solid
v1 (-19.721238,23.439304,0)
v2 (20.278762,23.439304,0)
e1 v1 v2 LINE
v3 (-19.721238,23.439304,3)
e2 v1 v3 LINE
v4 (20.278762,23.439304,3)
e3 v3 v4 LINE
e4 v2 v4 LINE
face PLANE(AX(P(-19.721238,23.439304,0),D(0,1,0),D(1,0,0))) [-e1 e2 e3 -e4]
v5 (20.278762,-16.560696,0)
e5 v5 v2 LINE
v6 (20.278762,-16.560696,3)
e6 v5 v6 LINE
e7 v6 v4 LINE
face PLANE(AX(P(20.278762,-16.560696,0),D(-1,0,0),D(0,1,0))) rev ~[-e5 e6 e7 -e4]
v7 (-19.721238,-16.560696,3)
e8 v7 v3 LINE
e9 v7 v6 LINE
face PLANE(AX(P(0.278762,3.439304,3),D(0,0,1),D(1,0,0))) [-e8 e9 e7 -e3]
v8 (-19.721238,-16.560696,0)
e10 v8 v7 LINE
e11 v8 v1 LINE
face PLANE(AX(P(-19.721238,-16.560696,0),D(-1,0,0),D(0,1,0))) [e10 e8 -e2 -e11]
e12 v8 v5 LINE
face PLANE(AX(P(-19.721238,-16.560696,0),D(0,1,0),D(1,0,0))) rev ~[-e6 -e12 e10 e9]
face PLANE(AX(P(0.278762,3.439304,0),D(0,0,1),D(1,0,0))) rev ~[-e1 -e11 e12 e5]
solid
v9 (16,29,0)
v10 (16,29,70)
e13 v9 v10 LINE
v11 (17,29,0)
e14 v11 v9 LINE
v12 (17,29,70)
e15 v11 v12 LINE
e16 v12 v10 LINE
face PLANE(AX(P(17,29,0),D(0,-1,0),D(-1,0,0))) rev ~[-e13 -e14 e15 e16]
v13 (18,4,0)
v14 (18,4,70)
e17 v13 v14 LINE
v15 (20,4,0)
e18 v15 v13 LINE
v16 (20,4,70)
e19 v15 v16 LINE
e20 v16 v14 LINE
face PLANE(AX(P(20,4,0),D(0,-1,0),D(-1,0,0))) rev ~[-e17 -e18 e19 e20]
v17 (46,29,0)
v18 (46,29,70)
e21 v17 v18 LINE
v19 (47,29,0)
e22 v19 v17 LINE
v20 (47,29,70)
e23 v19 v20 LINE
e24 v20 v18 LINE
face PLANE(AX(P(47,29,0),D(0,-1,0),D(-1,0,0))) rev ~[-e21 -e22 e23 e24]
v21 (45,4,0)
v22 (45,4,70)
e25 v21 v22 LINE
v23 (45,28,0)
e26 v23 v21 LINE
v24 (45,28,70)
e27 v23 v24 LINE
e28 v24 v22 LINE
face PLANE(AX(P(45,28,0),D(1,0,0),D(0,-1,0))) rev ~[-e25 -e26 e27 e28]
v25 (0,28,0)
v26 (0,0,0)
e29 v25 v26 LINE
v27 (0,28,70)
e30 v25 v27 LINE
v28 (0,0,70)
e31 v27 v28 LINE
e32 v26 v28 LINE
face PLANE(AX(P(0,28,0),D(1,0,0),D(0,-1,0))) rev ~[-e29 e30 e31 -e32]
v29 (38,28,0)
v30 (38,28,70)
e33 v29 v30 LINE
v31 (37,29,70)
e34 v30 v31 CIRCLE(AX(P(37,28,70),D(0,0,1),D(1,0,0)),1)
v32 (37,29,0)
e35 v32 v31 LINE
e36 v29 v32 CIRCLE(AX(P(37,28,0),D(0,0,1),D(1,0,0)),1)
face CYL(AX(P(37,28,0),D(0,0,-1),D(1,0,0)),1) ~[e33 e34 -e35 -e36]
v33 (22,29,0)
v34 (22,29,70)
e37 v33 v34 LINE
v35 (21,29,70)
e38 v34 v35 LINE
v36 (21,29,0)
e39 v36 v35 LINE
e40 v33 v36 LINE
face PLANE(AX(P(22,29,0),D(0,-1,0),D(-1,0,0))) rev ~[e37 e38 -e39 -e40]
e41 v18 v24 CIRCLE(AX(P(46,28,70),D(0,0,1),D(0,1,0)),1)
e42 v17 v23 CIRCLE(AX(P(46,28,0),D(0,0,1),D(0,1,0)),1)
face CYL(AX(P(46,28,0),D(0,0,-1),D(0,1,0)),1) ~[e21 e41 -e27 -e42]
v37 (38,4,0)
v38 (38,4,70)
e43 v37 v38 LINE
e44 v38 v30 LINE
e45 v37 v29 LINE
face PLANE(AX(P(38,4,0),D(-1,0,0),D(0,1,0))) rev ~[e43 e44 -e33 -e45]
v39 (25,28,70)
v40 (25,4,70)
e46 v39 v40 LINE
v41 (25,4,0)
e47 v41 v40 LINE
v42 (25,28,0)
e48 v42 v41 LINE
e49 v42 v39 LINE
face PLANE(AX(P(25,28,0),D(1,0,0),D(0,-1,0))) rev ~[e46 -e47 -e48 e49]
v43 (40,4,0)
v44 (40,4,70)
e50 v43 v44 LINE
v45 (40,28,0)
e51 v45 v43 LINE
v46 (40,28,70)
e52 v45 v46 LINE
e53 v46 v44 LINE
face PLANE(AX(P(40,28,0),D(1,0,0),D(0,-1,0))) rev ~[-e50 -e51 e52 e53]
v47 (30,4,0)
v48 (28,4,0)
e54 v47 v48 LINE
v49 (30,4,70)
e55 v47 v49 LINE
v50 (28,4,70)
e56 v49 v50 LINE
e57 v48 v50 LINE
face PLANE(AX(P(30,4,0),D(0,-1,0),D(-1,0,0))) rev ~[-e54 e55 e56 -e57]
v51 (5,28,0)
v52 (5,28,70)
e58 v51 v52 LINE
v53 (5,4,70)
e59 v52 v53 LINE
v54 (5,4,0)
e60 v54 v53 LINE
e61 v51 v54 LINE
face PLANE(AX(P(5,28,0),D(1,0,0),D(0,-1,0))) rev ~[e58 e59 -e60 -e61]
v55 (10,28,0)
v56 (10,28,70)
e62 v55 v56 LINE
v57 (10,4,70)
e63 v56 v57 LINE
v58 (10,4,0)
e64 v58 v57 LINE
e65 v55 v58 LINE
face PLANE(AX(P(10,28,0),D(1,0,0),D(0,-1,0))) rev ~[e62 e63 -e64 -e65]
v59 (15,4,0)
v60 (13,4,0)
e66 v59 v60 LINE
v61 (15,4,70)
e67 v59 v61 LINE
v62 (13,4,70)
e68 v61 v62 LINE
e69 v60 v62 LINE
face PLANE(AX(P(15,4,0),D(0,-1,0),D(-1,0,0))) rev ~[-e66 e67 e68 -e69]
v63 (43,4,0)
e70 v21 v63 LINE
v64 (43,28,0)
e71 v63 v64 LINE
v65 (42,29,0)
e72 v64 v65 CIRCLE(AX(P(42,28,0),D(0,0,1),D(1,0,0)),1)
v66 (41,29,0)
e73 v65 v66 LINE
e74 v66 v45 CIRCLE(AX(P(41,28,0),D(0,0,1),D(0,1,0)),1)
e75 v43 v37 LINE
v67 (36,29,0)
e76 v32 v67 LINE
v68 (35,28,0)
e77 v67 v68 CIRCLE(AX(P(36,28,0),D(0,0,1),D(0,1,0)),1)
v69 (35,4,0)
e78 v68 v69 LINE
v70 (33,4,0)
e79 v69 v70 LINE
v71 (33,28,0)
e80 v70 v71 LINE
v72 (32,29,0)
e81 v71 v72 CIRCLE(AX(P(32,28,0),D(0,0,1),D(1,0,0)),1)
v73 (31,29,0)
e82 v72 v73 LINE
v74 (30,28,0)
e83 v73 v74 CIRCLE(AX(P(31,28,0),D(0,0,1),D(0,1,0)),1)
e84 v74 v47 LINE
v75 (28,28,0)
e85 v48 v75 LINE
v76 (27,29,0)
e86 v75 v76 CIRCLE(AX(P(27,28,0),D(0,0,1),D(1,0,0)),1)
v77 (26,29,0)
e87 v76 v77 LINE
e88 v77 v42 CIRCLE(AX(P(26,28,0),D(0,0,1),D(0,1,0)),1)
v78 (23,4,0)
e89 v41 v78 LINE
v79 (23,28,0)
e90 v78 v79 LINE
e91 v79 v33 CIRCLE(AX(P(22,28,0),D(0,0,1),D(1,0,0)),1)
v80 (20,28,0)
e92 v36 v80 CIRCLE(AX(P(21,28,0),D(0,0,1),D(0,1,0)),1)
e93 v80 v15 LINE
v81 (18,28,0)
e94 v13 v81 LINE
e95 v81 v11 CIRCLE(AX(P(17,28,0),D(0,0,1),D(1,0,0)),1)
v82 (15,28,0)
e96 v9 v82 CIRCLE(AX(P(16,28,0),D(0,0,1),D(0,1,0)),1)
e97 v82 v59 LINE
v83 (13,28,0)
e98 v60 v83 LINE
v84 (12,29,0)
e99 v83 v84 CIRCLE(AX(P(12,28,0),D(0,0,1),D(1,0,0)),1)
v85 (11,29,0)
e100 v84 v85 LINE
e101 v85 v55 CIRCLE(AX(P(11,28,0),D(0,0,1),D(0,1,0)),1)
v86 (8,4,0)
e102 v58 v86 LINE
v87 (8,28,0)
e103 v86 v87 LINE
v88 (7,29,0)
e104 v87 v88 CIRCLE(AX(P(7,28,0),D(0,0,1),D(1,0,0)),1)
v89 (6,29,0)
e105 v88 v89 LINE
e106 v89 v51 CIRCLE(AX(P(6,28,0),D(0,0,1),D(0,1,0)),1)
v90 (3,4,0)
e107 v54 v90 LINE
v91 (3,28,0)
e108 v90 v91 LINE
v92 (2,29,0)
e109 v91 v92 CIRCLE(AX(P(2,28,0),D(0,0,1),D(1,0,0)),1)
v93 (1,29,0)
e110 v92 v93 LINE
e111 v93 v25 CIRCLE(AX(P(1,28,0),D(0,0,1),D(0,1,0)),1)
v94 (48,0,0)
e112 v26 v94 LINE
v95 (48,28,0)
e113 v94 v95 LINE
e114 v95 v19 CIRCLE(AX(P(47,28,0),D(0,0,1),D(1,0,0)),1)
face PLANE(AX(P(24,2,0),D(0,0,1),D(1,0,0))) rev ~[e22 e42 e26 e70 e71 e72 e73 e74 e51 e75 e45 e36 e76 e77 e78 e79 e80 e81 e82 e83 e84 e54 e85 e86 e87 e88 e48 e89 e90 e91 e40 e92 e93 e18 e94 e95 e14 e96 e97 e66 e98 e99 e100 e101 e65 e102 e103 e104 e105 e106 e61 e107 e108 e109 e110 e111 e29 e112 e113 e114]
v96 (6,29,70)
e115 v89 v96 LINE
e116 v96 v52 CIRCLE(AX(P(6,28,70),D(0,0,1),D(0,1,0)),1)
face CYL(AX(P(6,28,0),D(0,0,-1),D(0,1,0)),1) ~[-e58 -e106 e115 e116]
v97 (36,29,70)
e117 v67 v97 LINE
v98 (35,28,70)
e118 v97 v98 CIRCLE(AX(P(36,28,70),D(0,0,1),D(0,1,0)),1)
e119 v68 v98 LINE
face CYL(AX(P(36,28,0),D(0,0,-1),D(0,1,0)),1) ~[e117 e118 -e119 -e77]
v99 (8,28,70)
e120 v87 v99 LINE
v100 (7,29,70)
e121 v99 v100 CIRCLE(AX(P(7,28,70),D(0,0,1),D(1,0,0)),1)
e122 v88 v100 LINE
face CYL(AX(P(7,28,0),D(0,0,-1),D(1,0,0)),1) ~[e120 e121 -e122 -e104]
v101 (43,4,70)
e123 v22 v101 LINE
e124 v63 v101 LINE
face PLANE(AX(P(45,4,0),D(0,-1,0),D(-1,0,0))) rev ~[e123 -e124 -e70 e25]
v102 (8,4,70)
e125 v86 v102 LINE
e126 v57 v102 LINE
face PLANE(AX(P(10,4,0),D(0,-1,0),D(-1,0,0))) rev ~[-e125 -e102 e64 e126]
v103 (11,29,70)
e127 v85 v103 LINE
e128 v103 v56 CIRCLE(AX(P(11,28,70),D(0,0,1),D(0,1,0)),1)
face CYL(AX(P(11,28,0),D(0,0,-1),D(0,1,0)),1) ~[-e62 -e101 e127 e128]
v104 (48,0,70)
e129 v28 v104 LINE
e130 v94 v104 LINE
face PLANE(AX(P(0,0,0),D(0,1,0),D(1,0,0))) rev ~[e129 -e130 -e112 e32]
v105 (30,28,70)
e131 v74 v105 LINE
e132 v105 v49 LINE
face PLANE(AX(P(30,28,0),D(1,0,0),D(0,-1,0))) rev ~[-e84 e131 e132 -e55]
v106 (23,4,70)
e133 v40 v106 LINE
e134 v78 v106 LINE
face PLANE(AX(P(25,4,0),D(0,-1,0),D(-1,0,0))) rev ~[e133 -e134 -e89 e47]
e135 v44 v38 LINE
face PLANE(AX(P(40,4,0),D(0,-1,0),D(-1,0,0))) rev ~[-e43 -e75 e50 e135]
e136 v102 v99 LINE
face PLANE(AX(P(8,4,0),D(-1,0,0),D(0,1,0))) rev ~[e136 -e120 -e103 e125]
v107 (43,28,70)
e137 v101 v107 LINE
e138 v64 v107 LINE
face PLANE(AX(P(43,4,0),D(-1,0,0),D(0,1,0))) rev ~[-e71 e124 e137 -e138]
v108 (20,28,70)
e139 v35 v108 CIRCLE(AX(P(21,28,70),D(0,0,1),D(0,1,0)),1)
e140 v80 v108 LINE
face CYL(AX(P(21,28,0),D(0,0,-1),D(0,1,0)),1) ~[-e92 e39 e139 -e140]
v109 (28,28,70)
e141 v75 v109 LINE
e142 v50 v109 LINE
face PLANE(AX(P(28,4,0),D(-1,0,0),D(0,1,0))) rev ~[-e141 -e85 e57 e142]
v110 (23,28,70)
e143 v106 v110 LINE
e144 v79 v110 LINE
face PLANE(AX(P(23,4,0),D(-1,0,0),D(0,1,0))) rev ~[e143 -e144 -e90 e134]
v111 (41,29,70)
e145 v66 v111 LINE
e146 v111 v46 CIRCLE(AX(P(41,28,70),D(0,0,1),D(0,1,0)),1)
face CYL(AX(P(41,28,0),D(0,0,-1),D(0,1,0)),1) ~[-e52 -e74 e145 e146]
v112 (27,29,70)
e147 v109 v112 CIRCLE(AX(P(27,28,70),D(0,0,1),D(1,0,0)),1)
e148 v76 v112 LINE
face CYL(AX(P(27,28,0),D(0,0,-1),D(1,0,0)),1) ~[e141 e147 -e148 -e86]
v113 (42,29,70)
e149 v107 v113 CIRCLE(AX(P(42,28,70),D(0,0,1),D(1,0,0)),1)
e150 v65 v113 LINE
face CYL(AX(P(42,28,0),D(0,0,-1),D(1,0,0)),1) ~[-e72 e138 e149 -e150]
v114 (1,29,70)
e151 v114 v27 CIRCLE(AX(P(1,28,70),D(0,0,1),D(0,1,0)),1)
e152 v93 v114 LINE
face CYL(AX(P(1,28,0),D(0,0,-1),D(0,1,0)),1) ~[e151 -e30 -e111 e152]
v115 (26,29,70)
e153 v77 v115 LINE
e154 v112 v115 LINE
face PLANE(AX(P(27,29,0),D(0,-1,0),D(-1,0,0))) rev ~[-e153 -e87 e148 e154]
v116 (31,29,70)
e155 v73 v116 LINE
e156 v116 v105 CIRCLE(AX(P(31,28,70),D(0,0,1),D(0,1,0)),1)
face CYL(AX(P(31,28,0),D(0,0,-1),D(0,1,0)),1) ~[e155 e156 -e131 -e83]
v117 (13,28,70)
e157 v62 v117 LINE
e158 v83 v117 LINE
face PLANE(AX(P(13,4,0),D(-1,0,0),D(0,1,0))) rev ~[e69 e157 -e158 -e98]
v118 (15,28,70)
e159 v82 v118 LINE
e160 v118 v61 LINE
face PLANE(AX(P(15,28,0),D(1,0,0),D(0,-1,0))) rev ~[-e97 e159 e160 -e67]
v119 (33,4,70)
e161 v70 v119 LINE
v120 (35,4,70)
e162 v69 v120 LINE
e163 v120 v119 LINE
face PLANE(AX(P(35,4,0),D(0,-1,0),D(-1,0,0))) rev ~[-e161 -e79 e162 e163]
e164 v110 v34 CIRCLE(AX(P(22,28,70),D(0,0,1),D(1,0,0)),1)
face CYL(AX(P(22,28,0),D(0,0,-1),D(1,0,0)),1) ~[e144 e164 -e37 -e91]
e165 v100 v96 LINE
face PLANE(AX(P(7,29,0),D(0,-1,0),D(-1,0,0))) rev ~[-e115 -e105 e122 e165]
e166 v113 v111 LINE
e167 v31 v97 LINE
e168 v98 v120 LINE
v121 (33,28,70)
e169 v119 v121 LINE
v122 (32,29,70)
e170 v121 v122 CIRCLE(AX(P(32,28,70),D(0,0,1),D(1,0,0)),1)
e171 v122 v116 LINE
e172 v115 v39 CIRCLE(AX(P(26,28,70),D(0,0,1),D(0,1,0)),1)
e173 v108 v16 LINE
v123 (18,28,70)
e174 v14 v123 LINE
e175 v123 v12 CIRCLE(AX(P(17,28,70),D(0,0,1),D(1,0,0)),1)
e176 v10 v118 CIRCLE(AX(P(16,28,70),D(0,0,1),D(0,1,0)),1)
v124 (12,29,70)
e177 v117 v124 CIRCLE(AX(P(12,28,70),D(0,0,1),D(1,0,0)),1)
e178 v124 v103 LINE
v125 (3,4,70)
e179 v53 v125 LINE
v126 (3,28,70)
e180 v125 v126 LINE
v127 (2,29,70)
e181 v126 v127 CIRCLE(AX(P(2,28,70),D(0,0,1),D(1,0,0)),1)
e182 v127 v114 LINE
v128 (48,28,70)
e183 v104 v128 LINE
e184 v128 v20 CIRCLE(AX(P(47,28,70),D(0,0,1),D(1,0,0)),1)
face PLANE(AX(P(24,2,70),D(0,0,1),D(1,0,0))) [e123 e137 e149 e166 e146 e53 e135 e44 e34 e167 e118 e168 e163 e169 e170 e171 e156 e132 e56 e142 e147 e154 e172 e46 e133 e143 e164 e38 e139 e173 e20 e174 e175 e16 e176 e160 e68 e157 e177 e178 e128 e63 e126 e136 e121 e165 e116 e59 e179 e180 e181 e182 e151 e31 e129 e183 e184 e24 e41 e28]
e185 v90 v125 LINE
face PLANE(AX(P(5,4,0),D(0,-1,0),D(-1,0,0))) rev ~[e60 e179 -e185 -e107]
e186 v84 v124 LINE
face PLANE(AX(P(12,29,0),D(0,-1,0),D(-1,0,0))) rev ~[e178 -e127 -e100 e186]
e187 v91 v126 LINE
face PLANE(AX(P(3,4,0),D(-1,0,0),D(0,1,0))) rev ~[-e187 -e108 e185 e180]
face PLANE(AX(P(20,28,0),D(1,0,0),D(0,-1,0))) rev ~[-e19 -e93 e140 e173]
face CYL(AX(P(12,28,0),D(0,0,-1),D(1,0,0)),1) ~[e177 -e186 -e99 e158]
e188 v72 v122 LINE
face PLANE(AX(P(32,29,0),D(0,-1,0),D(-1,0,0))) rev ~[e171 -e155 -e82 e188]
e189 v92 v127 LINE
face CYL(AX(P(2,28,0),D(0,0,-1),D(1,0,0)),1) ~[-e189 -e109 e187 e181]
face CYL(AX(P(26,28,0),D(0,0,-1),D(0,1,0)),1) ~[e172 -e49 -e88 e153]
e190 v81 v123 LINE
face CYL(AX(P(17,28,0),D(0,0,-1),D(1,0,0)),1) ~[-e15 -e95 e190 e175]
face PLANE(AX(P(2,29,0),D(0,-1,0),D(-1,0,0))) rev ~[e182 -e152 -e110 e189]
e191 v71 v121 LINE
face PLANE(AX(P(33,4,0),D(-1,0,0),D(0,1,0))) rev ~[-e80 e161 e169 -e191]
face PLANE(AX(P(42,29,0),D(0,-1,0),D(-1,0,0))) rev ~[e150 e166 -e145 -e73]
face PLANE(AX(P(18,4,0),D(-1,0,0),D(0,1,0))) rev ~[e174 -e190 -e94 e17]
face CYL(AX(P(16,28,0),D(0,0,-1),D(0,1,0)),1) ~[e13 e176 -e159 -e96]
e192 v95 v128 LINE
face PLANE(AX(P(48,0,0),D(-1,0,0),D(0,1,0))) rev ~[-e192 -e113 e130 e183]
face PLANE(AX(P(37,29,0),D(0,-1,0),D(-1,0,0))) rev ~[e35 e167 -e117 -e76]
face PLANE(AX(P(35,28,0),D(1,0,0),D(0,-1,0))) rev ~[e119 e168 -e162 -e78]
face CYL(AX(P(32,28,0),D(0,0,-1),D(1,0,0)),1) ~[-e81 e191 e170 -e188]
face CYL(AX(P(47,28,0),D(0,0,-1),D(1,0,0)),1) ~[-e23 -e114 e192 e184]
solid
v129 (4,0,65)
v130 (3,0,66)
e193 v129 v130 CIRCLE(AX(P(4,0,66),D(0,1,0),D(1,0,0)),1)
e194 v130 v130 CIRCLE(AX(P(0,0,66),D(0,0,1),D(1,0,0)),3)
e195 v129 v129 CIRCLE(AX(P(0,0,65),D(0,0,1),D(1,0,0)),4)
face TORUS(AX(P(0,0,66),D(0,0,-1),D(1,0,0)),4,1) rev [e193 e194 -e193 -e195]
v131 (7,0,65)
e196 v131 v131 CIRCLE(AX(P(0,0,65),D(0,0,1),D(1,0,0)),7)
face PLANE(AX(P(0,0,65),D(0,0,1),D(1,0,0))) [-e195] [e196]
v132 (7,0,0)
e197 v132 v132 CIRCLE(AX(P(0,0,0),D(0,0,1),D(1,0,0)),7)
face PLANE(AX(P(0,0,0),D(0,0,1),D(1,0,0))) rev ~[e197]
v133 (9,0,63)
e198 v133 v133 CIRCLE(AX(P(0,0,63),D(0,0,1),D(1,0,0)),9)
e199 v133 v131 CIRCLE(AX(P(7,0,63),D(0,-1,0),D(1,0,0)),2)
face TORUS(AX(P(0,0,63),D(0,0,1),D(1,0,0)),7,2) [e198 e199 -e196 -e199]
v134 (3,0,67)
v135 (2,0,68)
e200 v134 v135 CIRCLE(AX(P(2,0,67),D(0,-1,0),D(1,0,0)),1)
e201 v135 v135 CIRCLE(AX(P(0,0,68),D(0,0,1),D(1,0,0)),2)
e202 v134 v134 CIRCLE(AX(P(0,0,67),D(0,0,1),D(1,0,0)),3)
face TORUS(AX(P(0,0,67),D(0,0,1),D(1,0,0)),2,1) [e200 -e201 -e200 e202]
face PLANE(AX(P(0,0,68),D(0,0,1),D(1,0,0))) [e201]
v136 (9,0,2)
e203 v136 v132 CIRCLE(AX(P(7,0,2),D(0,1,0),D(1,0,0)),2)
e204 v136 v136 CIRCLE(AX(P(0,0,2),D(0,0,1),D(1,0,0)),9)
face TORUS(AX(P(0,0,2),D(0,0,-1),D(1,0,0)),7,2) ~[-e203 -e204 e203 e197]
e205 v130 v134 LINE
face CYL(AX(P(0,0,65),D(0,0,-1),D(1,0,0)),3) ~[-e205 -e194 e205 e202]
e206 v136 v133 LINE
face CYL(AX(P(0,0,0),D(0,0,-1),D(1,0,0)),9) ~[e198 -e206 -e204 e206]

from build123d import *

# Parameters (mm, degrees)
F0_R     = 9
F1_DEPTH = 65
F2_R     = 2
F3_R     = 3
F4_DEPTH = 3
F5_R     = 1
F6_W     = 40
F6_H     = 40
F7_DEPTH = 3
F9_DEPTH = 70


with BuildPart() as f1:
    # F0 (on Top) → F1 (new body)
    with BuildSketch(Plane.XY):
        Circle(F0_R)
    extrude(amount=F1_DEPTH)

    # F2
    f2_edges = [f1.edges().sort_by_distance(p)[0] for p in [
        (-9, 0, 0),
        (-9, 0, 65),
    ]]
    fillet(f2_edges, radius=F2_R)

    # F3 (on face) → F4 (join)
    with BuildSketch(Plane.XY.offset(65)):
        Circle(F3_R)
    extrude(amount=F4_DEPTH)

    # F5
    f5_edges = [f1.edges().sort_by_distance(p)[0] for p in [
        (3, 0, 66.5),
        (-3, 0, 65),
        (-3, 0, 68),
        (-7, 0, 65),
    ]]
    fillet(f5_edges, radius=F5_R)


with BuildPart() as f7:
    # F6 (on Top) → F7 (new body)
    with BuildSketch(Plane.XY):
        with Locations((0.2787616104, 3.4393036376)):
            Rectangle(F6_W, F6_H)
    extrude(amount=F7_DEPTH)


with BuildPart() as f9:
    # F8 (on Top) → F9 (new body)
    with BuildSketch(Plane.XY):
        Polygon((0, 4), (0, 0), (48, 0), (48, 4), (45, 4), (43, 4), (40, 4), (38, 4), (35, 4), (33, 4), (30, 4), (28, 4), (25, 4), (23, 4), (20, 4), (18, 4), (15, 4), (13, 4), (10, 4), (8, 4), (5, 4), (3, 4), align=None)
        with BuildLine():
            Line((5, 28), (5, 4))
            Line((5, 4), (8, 4))
            Line((8, 4), (8, 28))
            ThreePointArc((8, 28), (7.7071067812, 28.7071067812), (7, 29))
            Line((7, 29), (6, 29))
            ThreePointArc((6, 29), (5.2928932188, 28.7071067812), (5, 28))
        make_face()
        with BuildLine():
            Line((15, 28), (15, 4))
            Line((15, 4), (18, 4))
            Line((18, 4), (18, 28))
            ThreePointArc((18, 28), (17.7071067812, 28.7071067812), (17, 29))
            Line((17, 29), (16, 29))
            ThreePointArc((16, 29), (15.2928932188, 28.7071067812), (15, 28))
        make_face()
        with BuildLine():
            Line((20, 28), (20, 4))
            Line((20, 4), (23, 4))
            Line((23, 4), (23, 28))
            ThreePointArc((23, 28), (22.7071067812, 28.7071067812), (22, 29))
            Line((22, 29), (21, 29))
            ThreePointArc((21, 29), (20.2928932188, 28.7071067812), (20, 28))
        make_face()
        with BuildLine():
            Line((25, 4), (28, 4))
            Line((28, 4), (28, 28))
            ThreePointArc((28, 28), (27.7071067812, 28.7071067812), (27, 29))
            Line((27, 29), (26, 29))
            ThreePointArc((26, 29), (25.2928932188, 28.7071067812), (25, 28))
            Line((25, 28), (25, 4))
        make_face()
        with BuildLine():
            Line((30, 4), (33, 4))
            Line((33, 4), (33, 28))
            ThreePointArc((33, 28), (32.7071067812, 28.7071067812), (32, 29))
            Line((32, 29), (31, 29))
            ThreePointArc((31, 29), (30.2928932188, 28.7071067812), (30, 28))
            Line((30, 28), (30, 4))
        make_face()
        with BuildLine():
            Line((35, 4), (38, 4))
            Line((38, 4), (38, 28))
            ThreePointArc((38, 28), (37.7071067812, 28.7071067812), (37, 29))
            Line((37, 29), (36, 29))
            ThreePointArc((36, 29), (35.2928932188, 28.7071067812), (35, 28))
            Line((35, 28), (35, 4))
        make_face()
        with BuildLine():
            Line((40, 4), (43, 4))
            Line((43, 4), (43, 28))
            ThreePointArc((43, 28), (42.7071067812, 28.7071067812), (42, 29))
            Line((42, 29), (41, 29))
            ThreePointArc((41, 29), (40.2928932188, 28.7071067812), (40, 28))
            Line((40, 28), (40, 4))
        make_face()
        with BuildLine():
            Line((45, 4), (48, 4))
            Line((48, 4), (48, 28))
            ThreePointArc((48, 28), (47.7071067812, 28.7071067812), (47, 29))
            Line((47, 29), (46, 29))
            ThreePointArc((46, 29), (45.2928932188, 28.7071067812), (45, 28))
            Line((45, 28), (45, 4))
        make_face()
        with BuildLine():
            Line((10, 28), (10, 4))
            Line((10, 4), (13, 4))
            Line((13, 4), (13, 28))
            ThreePointArc((13, 28), (12.7071067812, 28.7071067812), (12, 29))
            Line((12, 29), (11, 29))
            ThreePointArc((11, 29), (10.2928932188, 28.7071067812), (10, 28))
        make_face()
        with BuildLine():
            Line((0, 28), (0, 4))
            Line((0, 4), (3, 4))
            Line((3, 4), (3, 28))
            ThreePointArc((3, 28), (2.7071067812, 28.7071067812), (2, 29))
            Line((2, 29), (1, 29))
            ThreePointArc((1, 29), (0.2928932188, 28.7071067812), (0, 28))
        make_face()
    extrude(amount=F9_DEPTH)


solid = Compound([f1.part, f7.part, f9.part])
